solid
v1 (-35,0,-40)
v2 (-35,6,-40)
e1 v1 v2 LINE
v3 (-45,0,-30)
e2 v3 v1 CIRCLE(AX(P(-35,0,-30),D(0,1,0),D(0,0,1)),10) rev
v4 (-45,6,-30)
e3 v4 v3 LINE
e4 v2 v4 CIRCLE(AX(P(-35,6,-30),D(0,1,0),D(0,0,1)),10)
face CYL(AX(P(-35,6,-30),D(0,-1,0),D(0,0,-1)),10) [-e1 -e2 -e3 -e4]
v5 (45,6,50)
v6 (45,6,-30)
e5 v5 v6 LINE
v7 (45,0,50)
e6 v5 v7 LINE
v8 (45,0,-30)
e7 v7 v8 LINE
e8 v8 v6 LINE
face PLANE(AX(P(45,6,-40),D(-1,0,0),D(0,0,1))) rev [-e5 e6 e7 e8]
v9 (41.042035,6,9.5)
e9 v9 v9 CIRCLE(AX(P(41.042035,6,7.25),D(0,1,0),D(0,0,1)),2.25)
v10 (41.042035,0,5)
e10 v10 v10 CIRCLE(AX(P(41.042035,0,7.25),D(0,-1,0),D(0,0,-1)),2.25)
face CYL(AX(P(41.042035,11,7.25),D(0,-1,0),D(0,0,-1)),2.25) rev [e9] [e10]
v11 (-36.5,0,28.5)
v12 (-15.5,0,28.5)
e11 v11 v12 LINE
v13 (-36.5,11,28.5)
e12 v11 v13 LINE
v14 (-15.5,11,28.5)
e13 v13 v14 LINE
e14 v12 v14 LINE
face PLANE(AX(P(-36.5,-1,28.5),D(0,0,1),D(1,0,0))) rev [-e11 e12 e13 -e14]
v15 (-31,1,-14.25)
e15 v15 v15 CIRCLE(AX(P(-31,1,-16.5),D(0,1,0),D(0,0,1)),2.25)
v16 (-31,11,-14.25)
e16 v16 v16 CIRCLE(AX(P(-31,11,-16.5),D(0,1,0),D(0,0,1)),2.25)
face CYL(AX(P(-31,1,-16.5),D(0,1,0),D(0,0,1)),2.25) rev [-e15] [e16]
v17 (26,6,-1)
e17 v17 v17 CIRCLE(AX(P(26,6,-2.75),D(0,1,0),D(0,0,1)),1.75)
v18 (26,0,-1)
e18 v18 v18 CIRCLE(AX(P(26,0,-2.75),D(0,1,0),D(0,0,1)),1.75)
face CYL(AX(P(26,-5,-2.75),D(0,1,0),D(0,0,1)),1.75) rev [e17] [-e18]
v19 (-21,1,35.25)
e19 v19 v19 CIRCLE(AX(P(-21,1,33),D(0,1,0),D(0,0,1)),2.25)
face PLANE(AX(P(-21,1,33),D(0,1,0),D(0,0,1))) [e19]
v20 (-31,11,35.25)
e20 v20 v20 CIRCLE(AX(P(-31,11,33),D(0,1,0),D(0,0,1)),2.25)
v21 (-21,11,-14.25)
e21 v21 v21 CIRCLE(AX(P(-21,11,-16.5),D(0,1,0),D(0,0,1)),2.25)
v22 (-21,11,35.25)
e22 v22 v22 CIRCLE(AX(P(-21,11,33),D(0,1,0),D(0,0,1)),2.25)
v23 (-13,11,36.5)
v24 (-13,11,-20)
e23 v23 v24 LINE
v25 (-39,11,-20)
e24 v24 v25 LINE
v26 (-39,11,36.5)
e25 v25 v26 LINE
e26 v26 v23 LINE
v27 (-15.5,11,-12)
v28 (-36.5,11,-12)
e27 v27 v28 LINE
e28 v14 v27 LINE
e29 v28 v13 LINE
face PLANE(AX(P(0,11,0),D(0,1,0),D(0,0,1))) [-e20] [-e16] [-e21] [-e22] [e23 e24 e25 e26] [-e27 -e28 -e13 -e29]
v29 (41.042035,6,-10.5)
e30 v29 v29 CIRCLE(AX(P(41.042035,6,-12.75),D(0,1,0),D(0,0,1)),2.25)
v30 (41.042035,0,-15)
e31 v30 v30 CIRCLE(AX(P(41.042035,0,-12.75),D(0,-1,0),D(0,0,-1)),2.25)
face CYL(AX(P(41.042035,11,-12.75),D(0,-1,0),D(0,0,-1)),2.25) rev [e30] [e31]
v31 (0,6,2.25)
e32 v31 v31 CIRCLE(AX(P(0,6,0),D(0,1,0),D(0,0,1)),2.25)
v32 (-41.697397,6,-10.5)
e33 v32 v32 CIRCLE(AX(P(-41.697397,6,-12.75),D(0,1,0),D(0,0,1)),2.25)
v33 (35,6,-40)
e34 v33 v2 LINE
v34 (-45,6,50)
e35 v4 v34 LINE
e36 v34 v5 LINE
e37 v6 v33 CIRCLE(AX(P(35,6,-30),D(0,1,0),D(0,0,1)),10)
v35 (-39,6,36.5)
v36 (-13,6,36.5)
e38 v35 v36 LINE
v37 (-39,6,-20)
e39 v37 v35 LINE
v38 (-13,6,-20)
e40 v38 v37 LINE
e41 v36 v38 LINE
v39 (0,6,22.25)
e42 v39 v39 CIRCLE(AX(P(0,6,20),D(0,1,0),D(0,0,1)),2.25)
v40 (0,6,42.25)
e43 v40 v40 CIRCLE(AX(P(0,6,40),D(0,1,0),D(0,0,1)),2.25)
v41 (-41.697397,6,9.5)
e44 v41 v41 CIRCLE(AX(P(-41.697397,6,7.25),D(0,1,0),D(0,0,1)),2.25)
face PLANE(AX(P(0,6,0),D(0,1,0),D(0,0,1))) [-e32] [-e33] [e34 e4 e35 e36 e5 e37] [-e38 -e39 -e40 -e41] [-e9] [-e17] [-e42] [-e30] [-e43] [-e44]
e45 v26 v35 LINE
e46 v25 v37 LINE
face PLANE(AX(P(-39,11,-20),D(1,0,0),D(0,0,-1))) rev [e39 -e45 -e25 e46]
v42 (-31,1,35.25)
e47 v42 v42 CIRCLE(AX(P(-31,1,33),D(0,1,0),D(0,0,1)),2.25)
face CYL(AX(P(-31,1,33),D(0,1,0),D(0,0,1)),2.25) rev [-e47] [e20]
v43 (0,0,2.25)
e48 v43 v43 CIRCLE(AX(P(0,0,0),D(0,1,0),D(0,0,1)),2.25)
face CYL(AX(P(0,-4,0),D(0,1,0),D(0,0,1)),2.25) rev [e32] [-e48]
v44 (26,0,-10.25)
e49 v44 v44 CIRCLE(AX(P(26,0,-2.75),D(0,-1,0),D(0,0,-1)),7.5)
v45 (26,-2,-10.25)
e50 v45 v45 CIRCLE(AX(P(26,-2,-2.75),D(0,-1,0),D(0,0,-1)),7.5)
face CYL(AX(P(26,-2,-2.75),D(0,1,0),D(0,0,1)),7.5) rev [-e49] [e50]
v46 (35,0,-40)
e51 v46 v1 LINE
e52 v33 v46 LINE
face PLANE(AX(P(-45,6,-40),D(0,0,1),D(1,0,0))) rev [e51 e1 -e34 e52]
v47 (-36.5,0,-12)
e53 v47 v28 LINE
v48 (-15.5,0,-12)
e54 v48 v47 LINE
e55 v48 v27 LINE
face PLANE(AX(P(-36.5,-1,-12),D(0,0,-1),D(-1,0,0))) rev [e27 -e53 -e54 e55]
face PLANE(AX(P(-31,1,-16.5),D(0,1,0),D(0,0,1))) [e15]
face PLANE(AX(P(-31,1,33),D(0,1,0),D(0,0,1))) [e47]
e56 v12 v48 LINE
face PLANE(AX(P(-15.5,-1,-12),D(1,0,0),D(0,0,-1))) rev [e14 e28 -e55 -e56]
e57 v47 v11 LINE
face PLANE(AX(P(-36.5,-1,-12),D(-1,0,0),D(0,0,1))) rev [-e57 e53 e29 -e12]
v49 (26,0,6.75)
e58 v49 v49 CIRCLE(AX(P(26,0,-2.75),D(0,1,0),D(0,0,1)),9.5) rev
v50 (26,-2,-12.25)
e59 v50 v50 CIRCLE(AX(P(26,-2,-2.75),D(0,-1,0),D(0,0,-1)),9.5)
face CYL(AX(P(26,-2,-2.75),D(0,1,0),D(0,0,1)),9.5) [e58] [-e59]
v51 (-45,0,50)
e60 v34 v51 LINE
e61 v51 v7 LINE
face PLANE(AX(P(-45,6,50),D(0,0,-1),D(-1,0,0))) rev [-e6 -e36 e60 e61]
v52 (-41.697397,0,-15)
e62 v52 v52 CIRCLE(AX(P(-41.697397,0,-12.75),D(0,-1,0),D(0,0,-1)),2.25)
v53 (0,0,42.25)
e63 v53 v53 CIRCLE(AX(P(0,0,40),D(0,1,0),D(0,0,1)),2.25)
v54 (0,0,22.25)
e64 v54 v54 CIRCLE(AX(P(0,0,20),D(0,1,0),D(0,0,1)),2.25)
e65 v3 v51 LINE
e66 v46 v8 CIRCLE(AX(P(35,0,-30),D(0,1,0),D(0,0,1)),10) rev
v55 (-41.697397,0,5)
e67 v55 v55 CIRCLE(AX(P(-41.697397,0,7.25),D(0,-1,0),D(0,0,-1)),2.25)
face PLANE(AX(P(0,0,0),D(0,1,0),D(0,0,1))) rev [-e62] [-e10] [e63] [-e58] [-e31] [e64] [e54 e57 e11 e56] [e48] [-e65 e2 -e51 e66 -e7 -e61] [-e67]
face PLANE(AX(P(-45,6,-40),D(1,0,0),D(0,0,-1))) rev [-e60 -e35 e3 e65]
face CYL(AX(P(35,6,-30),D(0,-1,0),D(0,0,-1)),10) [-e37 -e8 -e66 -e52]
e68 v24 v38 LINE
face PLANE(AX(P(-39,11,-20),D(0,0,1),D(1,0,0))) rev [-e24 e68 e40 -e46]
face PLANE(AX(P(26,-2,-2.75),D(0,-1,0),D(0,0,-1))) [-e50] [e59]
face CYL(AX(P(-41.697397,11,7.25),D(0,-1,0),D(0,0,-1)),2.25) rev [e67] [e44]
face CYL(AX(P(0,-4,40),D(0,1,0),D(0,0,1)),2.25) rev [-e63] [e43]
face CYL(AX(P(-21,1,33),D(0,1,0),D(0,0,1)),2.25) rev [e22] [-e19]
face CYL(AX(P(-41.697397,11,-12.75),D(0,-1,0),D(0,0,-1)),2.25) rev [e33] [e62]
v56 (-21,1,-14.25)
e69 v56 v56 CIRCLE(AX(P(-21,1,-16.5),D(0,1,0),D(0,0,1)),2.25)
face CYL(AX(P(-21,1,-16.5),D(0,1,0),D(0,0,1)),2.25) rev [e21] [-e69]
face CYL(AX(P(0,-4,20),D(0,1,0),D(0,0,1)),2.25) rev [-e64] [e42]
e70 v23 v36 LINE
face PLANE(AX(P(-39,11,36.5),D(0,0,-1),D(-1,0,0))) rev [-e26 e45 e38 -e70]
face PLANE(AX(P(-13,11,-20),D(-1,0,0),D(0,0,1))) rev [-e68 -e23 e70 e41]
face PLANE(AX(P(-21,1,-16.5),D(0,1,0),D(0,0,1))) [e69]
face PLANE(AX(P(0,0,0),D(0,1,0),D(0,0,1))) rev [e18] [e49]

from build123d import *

# Parameters (mm, degrees)
SKETCH1_W           = 90
SKETCH1_H           = 90
BOSS_EXTRUDE1_DEPTH = 6
SKETCH2_W           = 26
SKETCH2_H           = 56.5
BOSS_EXTRUDE2_DEPTH = 5
SKETCH3_W           = 21
SKETCH3_H           = 40.5
CUT_EXTRUDE1_DEPTH  = 12
SKETCH4_R           = 2.25
CUT_EXTRUDE2_DEPTH  = 10
SKETCH5_R           = 1.75
CUT_EXTRUDE3_DEPTH  = 11
FILLET1_R           = 10
FILLET2_R           = 10
SKETCH6_R           = 2.25
CUT_EXTRUDE4_DEPTH  = 11
SKETCH7_R           = 9.5
SKETCH7_R_2         = 7.5
BOSS_EXTRUDE3_DEPTH = 2
SKETCH8_R           = 2.25
CUT_EXTRUDE5_DEPTH  = 10


with BuildPart() as part:
    # Sketch1 → Boss-Extrude1 (new body)
    with BuildSketch(Plane(origin=(0, 0, 0), x_dir=(1, 0, 0), z_dir=(0, 1, 0))):
        with Locations((0, -5)):
            Rectangle(SKETCH1_W, SKETCH1_H)
    extrude(amount=BOSS_EXTRUDE1_DEPTH)

    # Sketch2 → Boss-Extrude2 (add)
    with BuildSketch(Plane(origin=(0, 6, 0), x_dir=(1, 0, 0), z_dir=(0, 1, 0))):
        with Locations((-26, -8.25)):
            Rectangle(SKETCH2_W, SKETCH2_H)
    extrude(amount=BOSS_EXTRUDE2_DEPTH)

    # Sketch3 → Cut-Extrude1 (cut)
    with BuildSketch(Plane(origin=(0, 11, 0), x_dir=(1, 0, 0), z_dir=(0, 1, 0))):
        with Locations((-26, -8.25)):
            Rectangle(SKETCH3_W, SKETCH3_H)
    extrude(amount=-CUT_EXTRUDE1_DEPTH, mode=Mode.SUBTRACT)

    # Sketch4 → Cut-Extrude2 (cut)
    with BuildSketch(Plane(origin=(0, 11, 0), x_dir=(1, 0, 0), z_dir=(0, 1, 0))):
        with Locations(Location((-31, 16.5, 0), (0, 0, 270))):
            Circle(SKETCH4_R)
        with Locations(Location((-21, 16.5, 0), (0, 0, 270))):
            Circle(SKETCH4_R)
        with Locations(Location((-31, -33, 0), (0, 0, 270))):
            Circle(SKETCH4_R)
        with Locations(Location((-21, -33, 0), (0, 0, 270))):
            Circle(SKETCH4_R)
    extrude(amount=-CUT_EXTRUDE2_DEPTH, mode=Mode.SUBTRACT)

    # Sketch5 → Cut-Extrude3 (cut)
    with BuildSketch(Plane(origin=(0, 6, 0), x_dir=(1, 0, 0), z_dir=(0, 1, 0))):
        with Locations(Location((26, 2.75, 0), (0, 0, 270))):
            Circle(SKETCH5_R)
    extrude(amount=-CUT_EXTRUDE3_DEPTH, mode=Mode.SUBTRACT)

    # Fillet1
    fillet1_edges = [part.edges().sort_by_distance(p)[0] for p in [
        (-45, 3, -40),
    ]]
    fillet(fillet1_edges, radius=FILLET1_R)

    # Fillet2
    fillet2_edges = [part.edges().sort_by_distance(p)[0] for p in [
        (45, 3, -40),
    ]]
    fillet(fillet2_edges, radius=FILLET2_R)

    # Sketch6 → Cut-Extrude4 (cut)
    with BuildSketch(Plane(origin=(0, 0, 0), x_dir=(-1, 0, 0), z_dir=(0, -1, 0))):
        with Locations(Location((-41.042034918, 12.75, 0), (0, 0, 90))):
            Circle(SKETCH6_R)
        with Locations(Location((41.697396753, 12.75, 0), (0, 0, 90))):
            Circle(SKETCH6_R)
        with Locations(Location((-41.042034918, -7.25, 0), (0, 0, 90))):
            Circle(SKETCH6_R)
        with Locations(Location((41.697396753, -7.25, 0), (0, 0, 90))):
            Circle(SKETCH6_R)
    extrude(amount=-CUT_EXTRUDE4_DEPTH, mode=Mode.SUBTRACT)

    # Sketch7 → Boss-Extrude3 (add)
    with BuildSketch(Plane(origin=(0, 0, 0), x_dir=(-1, 0, 0), z_dir=(0, -1, 0))):
        with Locations(Location((-26, 2.75, 0), (0, 0, 270))):
            Circle(SKETCH7_R)
        with Locations(Location((-26, 2.75, 0), (0, 0, 90))):
            Circle(SKETCH7_R_2, mode=Mode.SUBTRACT)
    extrude(amount=BOSS_EXTRUDE3_DEPTH)

    # Sketch8 → Cut-Extrude5 (cut)
    with BuildSketch(Plane(origin=(0, 6, 0), x_dir=(1, 0, 0), z_dir=(0, 1, 0))):
        with Locations(Location((0, 0, 0), (0, 0, 270))):
            Circle(SKETCH8_R)
        with Locations(Location((0, -20, 0), (0, 0, 270))):
            Circle(SKETCH8_R)
        with Locations(Location((0, -40, 0), (0, 0, 270))):
            Circle(SKETCH8_R)
    extrude(amount=-CUT_EXTRUDE5_DEPTH, mode=Mode.SUBTRACT)


solid = part.part
